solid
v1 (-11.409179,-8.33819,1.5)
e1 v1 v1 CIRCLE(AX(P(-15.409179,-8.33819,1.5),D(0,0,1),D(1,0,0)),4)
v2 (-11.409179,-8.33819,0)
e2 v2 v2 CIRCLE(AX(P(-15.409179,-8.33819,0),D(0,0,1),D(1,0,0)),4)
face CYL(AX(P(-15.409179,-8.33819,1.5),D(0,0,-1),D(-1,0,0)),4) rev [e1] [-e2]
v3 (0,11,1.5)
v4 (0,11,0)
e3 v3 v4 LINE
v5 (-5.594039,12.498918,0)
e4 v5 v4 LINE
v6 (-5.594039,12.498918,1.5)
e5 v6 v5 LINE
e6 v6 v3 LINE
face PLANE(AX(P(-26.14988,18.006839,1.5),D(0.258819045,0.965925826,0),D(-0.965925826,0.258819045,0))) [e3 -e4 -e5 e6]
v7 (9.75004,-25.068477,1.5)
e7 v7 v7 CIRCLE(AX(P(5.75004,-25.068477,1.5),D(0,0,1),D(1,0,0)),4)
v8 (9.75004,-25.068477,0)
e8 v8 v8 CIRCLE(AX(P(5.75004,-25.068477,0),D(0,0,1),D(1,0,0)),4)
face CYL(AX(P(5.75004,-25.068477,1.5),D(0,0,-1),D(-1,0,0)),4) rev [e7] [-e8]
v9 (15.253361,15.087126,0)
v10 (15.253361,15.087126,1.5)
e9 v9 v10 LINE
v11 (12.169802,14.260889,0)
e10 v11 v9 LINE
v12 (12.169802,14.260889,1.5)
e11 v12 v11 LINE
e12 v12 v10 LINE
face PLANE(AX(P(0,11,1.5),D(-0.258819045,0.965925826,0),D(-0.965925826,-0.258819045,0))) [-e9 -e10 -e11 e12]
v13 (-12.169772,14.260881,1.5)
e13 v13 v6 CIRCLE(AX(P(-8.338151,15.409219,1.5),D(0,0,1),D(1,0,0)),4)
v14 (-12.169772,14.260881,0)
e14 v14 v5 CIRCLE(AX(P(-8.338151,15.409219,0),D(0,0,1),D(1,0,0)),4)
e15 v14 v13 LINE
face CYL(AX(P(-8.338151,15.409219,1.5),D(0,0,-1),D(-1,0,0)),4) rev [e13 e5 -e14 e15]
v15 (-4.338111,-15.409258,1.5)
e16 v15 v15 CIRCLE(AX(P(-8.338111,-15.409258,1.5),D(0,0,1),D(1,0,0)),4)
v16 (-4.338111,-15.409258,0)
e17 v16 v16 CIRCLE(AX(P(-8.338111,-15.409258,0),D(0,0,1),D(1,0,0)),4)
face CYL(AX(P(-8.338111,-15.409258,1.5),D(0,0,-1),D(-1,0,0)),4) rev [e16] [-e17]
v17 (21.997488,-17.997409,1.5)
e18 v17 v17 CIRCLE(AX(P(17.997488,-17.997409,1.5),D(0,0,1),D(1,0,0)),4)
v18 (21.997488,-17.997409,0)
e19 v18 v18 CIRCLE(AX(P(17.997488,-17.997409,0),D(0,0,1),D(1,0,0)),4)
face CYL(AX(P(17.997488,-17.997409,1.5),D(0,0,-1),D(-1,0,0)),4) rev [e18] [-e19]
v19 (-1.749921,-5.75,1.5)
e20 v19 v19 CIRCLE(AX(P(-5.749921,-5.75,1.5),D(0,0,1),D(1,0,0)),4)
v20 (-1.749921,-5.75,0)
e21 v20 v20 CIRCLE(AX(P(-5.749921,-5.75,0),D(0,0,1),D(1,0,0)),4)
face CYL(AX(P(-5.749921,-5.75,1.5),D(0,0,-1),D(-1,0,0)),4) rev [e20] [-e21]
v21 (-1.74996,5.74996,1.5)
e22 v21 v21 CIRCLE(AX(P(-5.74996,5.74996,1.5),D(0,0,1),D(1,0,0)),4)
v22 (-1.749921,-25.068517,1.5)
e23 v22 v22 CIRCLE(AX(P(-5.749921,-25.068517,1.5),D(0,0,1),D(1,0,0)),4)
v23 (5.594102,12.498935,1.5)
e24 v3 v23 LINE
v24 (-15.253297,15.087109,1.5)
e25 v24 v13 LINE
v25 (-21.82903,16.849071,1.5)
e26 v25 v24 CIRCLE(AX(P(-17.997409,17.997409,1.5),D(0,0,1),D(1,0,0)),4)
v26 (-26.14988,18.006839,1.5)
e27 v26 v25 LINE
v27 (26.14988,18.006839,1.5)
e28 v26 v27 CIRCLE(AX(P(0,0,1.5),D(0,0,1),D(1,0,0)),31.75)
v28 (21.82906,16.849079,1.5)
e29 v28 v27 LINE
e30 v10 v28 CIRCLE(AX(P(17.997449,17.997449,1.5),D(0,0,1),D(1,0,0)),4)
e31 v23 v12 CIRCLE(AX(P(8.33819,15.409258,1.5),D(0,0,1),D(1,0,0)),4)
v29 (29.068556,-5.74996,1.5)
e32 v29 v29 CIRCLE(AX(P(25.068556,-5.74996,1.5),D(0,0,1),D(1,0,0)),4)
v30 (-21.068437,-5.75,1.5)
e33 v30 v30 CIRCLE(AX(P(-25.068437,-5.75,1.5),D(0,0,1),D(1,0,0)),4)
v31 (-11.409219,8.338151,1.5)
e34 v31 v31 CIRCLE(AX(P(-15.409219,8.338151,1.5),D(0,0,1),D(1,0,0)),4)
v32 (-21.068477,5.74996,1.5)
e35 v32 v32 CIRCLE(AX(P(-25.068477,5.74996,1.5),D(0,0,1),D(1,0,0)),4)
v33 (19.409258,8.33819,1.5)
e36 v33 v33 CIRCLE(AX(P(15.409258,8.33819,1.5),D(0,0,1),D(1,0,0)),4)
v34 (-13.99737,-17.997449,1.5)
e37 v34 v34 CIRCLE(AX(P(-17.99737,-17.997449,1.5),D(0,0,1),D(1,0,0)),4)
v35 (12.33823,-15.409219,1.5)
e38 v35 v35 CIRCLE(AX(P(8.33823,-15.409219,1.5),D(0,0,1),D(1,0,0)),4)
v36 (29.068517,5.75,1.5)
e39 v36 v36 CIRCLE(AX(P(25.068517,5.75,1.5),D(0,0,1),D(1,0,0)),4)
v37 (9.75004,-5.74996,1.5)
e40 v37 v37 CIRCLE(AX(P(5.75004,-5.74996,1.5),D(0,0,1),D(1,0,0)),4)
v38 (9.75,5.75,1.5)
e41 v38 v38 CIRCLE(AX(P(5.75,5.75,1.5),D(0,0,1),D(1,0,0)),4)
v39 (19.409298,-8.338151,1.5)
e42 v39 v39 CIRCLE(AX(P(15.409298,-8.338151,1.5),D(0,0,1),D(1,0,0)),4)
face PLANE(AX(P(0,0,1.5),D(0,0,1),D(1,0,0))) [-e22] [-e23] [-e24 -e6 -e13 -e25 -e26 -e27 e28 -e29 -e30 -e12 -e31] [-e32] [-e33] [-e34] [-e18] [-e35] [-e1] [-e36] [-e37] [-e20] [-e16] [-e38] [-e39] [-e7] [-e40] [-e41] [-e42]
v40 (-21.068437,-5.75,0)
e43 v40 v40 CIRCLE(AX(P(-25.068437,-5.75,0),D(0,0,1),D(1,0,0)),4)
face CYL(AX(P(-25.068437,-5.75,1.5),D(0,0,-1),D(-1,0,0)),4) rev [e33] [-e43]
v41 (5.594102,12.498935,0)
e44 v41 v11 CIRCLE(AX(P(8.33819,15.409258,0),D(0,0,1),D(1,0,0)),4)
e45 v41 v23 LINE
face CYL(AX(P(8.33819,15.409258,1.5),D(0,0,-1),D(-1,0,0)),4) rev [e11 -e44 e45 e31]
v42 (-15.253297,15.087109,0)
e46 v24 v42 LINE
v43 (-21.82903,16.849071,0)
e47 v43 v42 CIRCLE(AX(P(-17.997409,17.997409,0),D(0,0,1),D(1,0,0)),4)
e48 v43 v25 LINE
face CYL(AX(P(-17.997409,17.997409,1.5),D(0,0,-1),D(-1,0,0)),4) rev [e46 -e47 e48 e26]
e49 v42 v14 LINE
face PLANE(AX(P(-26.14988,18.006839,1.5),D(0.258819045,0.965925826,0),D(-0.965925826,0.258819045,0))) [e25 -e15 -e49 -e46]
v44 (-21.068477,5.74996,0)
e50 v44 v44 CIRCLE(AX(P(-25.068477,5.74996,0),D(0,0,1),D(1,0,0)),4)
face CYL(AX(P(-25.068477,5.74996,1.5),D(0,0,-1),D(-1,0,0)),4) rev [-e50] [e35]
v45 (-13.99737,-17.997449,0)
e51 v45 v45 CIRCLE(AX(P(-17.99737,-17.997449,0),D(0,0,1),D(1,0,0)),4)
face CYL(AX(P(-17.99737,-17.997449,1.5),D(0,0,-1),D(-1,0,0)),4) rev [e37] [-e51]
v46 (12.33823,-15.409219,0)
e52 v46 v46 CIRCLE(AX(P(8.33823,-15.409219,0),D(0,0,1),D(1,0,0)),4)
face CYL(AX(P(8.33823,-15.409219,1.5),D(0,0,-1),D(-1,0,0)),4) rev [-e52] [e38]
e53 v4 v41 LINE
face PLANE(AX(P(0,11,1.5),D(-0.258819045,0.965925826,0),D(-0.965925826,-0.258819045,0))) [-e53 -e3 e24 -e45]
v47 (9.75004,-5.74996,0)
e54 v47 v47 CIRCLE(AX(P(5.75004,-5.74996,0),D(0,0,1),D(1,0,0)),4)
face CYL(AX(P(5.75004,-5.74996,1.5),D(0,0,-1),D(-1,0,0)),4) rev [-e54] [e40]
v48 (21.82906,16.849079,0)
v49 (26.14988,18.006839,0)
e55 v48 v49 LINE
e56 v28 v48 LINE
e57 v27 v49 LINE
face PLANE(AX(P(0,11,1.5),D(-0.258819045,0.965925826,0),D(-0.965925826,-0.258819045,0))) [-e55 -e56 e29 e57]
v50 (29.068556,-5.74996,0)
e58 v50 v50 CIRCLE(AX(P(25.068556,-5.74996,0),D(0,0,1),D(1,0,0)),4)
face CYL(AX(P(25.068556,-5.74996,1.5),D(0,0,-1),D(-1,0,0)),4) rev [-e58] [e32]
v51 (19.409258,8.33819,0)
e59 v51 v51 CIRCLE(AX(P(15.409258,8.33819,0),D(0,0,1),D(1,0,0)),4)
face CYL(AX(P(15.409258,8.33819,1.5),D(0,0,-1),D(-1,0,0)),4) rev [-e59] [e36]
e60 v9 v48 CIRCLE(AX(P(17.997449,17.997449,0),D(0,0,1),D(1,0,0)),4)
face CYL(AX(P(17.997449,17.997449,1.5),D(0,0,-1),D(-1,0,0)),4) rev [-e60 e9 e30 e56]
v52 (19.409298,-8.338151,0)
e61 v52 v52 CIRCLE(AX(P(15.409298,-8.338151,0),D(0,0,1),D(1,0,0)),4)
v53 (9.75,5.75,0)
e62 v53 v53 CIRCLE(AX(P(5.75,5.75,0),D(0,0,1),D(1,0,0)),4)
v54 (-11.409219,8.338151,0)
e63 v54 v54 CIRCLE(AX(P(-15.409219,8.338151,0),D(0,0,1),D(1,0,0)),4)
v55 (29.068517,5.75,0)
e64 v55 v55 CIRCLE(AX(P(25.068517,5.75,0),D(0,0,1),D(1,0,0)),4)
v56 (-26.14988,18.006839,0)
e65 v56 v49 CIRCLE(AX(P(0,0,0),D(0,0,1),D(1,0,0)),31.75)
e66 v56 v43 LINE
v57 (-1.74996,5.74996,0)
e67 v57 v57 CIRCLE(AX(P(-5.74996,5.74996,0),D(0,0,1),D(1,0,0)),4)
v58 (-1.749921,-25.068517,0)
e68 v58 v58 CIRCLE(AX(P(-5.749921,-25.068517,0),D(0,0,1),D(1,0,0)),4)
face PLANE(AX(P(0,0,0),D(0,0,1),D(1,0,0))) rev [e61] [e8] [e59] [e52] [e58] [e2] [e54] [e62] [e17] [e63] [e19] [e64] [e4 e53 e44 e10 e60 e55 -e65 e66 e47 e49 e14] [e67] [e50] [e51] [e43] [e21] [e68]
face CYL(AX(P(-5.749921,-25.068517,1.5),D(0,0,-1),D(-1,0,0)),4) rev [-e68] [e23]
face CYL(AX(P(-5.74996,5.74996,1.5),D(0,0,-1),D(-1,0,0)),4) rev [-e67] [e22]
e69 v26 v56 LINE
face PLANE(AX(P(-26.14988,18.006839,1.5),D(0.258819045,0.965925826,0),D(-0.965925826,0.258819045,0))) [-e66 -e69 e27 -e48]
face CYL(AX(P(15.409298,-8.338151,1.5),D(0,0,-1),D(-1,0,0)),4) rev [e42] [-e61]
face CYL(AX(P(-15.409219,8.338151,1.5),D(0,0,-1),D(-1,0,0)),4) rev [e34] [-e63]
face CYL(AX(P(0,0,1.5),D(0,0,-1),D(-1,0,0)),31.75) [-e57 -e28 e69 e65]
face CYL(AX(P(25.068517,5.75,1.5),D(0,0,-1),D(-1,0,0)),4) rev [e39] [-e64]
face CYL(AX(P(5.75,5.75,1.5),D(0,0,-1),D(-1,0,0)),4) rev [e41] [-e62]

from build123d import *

# Parameters (mm, degrees)
SKETCH1_R           = 31.75
SKETCH1_R_2         = 4
BOSS_EXTRUDE1_DEPTH = 1.5
CUT_EXTRUDE1_DEPTH  = 45.926328584


with BuildPart() as part:
    # Sketch1 → Boss-Extrude1 (new body)
    with BuildSketch(Plane.XY):
        Circle(SKETCH1_R)
        with Locations((5.75, 5.75)):
            Circle(SKETCH1_R_2, mode=Mode.SUBTRACT)
        with Locations((8.338190451, 15.409258263)):
            Circle(SKETCH1_R_2, mode=Mode.SUBTRACT)
        with Locations((17.997448714, 17.997448714)):
            Circle(SKETCH1_R_2, mode=Mode.SUBTRACT)
        with Locations((15.409258263, 8.338190451)):
            Circle(SKETCH1_R_2, mode=Mode.SUBTRACT)
        with Locations((25.068516526, 5.75)):
            Circle(SKETCH1_R_2, mode=Mode.SUBTRACT)
        with Locations((5.75, 25.068516526)):
            Circle(SKETCH1_R_2, mode=Mode.SUBTRACT)
        with Locations((25.068556101, -5.749960425)):
            Circle(SKETCH1_R_2, mode=Mode.SUBTRACT)
        with Locations((15.409297838, -8.338150876)):
            Circle(SKETCH1_R_2, mode=Mode.SUBTRACT)
        with Locations((17.997488289, -17.997409139)):
            Circle(SKETCH1_R_2, mode=Mode.SUBTRACT)
        with Locations((8.338230026, -15.409218688)):
            Circle(SKETCH1_R_2, mode=Mode.SUBTRACT)
        with Locations((5.750039575, -25.068476951)):
            Circle(SKETCH1_R_2, mode=Mode.SUBTRACT)
        with Locations((5.750039575, -5.749960425)):
            Circle(SKETCH1_R_2, mode=Mode.SUBTRACT)
        with Locations((-5.74992085, -25.068516526)):
            Circle(SKETCH1_R_2, mode=Mode.SUBTRACT)
        with Locations((-8.338111301, -15.409258263)):
            Circle(SKETCH1_R_2, mode=Mode.SUBTRACT)
        with Locations((-17.997369564, -17.997448714)):
            Circle(SKETCH1_R_2, mode=Mode.SUBTRACT)
        with Locations((-15.409179113, -8.338190451)):
            Circle(SKETCH1_R_2, mode=Mode.SUBTRACT)
        with Locations((-25.068437376, -5.75)):
            Circle(SKETCH1_R_2, mode=Mode.SUBTRACT)
        with Locations((-5.74992085, -5.75)):
            Circle(SKETCH1_R_2, mode=Mode.SUBTRACT)
        with Locations((-25.068476951, 5.749960425)):
            Circle(SKETCH1_R_2, mode=Mode.SUBTRACT)
        with Locations((-15.409218688, 8.338150876)):
            Circle(SKETCH1_R_2, mode=Mode.SUBTRACT)
        with Locations((-17.997409139, 17.997409139)):
            Circle(SKETCH1_R_2, mode=Mode.SUBTRACT)
        with Locations((-8.338150876, 15.409218688)):
            Circle(SKETCH1_R_2, mode=Mode.SUBTRACT)
        with Locations((-5.749960425, 25.068476951)):
            Circle(SKETCH1_R_2, mode=Mode.SUBTRACT)
        with Locations((-5.749960425, 5.749960425)):
            Circle(SKETCH1_R_2, mode=Mode.SUBTRACT)
    extrude(amount=BOSS_EXTRUDE1_DEPTH)

    # Sketch2 → Cut-Extrude1 (cut, through all)
    with BuildSketch(Plane.XY):
        with BuildLine():
            Line((-26.149880274, 18.006839302), (0, 11))
            Line((0, 11), (26.149880274, 18.006839302))
            ThreePointArc((26.149880274, 18.006839302), (0, 31.75), (-26.149880274, 18.006839302))
        make_face()
    extrude(amount=CUT_EXTRUDE1_DEPTH, mode=Mode.SUBTRACT)


solid = part.part
